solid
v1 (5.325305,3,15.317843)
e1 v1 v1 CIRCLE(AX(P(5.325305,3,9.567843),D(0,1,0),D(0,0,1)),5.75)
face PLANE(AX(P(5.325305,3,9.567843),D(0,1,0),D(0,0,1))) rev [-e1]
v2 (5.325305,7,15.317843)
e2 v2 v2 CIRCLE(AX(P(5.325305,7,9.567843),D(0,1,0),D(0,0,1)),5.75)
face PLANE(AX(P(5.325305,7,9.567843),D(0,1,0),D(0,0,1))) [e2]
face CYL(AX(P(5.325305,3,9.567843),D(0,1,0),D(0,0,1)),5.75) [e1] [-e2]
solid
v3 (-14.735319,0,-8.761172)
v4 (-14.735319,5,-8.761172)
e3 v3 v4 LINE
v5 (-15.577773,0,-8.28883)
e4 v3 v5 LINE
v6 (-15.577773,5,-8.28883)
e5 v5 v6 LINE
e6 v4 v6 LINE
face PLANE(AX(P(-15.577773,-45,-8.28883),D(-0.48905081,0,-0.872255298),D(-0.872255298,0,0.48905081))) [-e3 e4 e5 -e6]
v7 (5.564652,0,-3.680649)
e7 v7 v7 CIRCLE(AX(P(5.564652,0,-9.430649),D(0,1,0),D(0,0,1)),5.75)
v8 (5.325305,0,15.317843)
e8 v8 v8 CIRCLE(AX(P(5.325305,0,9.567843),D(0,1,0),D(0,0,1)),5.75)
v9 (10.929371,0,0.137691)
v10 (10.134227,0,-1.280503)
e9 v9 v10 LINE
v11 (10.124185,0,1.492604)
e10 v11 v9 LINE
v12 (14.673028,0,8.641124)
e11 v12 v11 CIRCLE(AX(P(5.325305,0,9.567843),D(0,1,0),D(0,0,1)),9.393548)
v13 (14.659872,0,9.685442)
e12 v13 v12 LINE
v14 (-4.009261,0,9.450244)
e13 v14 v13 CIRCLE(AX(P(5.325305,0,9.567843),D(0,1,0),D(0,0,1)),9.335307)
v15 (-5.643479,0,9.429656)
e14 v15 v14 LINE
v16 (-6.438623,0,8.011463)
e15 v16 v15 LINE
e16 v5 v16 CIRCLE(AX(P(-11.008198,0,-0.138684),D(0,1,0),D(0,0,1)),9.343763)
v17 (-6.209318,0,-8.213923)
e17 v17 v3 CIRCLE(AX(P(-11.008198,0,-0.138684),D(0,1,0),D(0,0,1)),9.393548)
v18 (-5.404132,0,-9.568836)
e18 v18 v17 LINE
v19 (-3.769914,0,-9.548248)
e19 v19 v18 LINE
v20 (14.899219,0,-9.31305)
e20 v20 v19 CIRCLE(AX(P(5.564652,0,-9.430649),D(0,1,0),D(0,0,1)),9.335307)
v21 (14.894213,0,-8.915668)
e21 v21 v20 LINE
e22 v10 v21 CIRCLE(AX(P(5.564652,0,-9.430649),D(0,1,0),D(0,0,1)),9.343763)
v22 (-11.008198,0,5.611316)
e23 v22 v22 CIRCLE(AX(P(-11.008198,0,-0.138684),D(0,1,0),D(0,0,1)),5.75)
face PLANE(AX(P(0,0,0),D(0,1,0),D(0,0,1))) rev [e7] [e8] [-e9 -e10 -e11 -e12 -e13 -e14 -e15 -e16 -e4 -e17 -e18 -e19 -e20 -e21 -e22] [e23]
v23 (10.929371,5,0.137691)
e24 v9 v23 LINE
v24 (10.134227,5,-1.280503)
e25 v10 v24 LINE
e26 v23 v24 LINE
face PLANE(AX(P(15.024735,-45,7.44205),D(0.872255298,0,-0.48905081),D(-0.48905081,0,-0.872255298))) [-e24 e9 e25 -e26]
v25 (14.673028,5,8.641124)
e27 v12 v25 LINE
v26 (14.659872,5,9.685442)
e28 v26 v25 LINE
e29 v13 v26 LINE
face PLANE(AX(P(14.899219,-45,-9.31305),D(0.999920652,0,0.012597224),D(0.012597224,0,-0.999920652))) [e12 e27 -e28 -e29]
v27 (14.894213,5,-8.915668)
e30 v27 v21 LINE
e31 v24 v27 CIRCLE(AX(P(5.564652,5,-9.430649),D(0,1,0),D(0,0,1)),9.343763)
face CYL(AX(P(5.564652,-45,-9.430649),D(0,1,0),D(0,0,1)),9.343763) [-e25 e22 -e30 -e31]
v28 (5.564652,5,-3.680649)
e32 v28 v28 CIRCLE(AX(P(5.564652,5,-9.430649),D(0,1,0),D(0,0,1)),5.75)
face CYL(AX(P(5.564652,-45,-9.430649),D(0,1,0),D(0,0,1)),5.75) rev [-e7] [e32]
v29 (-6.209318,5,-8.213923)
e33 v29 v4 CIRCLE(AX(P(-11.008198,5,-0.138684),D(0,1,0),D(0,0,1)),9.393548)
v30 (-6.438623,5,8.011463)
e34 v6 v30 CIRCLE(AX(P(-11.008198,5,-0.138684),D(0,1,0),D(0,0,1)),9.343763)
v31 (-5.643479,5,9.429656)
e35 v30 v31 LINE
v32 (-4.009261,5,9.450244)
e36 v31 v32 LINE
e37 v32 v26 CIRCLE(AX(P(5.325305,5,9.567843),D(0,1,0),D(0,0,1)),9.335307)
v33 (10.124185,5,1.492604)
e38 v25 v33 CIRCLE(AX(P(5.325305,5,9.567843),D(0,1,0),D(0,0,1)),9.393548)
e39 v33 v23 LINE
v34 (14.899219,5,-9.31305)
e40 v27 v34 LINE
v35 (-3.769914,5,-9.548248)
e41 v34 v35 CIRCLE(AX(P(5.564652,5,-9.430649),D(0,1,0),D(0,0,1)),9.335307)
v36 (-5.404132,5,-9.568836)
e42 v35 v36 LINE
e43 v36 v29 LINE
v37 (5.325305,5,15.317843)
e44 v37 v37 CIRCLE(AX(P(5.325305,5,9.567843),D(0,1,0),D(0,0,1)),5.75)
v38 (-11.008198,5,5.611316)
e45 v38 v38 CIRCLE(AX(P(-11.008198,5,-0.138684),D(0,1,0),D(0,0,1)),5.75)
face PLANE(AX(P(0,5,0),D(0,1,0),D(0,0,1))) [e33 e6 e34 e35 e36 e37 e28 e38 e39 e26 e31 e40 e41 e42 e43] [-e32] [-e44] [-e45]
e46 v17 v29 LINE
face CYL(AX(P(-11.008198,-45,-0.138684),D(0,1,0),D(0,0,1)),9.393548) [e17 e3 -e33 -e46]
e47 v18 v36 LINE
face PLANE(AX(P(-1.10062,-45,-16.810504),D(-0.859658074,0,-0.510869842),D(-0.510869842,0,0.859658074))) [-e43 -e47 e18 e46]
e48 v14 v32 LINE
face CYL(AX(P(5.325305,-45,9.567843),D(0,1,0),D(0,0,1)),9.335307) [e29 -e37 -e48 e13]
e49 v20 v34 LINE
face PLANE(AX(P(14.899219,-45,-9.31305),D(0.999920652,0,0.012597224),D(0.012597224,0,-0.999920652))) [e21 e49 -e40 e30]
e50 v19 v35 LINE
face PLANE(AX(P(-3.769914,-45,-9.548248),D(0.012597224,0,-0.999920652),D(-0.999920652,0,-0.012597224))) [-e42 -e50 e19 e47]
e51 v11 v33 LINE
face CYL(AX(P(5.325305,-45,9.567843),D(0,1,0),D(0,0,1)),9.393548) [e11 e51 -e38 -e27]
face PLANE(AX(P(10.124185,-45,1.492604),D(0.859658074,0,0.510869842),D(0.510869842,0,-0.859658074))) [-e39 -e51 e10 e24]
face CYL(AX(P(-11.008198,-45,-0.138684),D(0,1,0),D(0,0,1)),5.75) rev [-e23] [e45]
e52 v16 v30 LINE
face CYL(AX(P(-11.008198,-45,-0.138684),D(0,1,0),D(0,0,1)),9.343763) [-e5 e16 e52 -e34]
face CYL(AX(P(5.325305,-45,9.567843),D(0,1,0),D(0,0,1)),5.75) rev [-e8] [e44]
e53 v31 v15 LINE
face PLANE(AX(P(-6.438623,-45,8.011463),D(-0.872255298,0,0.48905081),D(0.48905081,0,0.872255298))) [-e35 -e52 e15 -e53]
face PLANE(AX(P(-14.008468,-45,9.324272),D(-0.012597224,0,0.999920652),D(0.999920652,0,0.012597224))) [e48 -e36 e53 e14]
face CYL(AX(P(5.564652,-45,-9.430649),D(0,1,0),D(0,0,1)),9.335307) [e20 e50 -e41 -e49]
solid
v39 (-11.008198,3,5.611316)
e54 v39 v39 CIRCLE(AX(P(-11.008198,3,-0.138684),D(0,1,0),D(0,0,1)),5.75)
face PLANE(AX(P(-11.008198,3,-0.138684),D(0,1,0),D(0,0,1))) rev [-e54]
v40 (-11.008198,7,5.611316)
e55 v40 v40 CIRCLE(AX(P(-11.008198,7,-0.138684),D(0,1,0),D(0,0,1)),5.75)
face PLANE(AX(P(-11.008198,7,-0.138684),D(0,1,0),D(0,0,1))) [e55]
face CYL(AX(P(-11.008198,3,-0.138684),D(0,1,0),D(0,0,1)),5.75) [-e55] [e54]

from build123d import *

# Parameters (mm, degrees)
SKETCH5_R                  = 30
BOSS_EXTRUDE1_DEPTH        = 5
SKETCH6_R                  = 5.75
CUT_EXTRUDE1_DEPTH         = 50
CUT_EXTRUDE_THIN1_DEPTH    = 50
BOSS_EXTRUDE2_DEPTH        = 2
BOSS_EXTRUDE2_DEPTH_BACK   = 2
SKETCH10_R                 = 5.75
BOSS_EXTRUDE2_2_DEPTH      = 2
BOSS_EXTRUDE2_2_DEPTH_BACK = 2


with BuildPart() as part:
    # Sketch5 → Boss-Extrude1 (new body)
    with BuildSketch(Plane(origin=(0, 0, 0), x_dir=(1, 0, 0), z_dir=(0, 1, 0))):
        with Locations(Location((0, 0, 0), (0, 0, 270))):
            Circle(SKETCH5_R)
    extrude(amount=BOSS_EXTRUDE1_DEPTH)

    # Sketch6 → Cut-Extrude1 (cut)
    with BuildSketch(Plane(origin=(0, 5, 0), x_dir=(1, 0, 0), z_dir=(0, 1, 0))):
        with Locations(Location((5.564652455, 9.430649132, 0), (0, 0, 270))):
            Circle(SKETCH6_R)
        with Locations(Location((5.325305202, -9.567843252, 0), (0, 0, 270))):
            Circle(SKETCH6_R)
        with Locations(Location((-11.00819821, 0.138683741, 0), (0, 0, 270))):
            Circle(SKETCH6_R)
    extrude(amount=-CUT_EXTRUDE1_DEPTH, mode=Mode.SUBTRACT)

    # Sketch9 → Cut-Extrude-Thin1 (cut)
    with BuildSketch(Plane(origin=(0, 5, 0), x_dir=(1, 0, 0), z_dir=(0, 1, 0))):
        with BuildLine():
            ThreePointArc((-3.76991423, 9.548248089), (5.682251411, 18.765215817), (14.899219139, 9.313050176))
            Line((14.899219139, 9.313050176), (14.659871887, -9.685442209))
            ThreePointArc((14.659871887, -9.685442209), (5.207706246, -18.902409937), (-4.009261482, -9.450244295))
            Line((-4.009261482, -9.450244295), (-14.008468, -9.324272058))
            ThreePointArc((-14.008468, -9.324272058), (5.081734008, -28.901616455), (24.659078405, -9.811414447))
            Line((24.659078405, -9.811414447), (24.898425657, 9.187077938))
            ThreePointArc((24.898425657, 9.187077938), (5.808223649, 28.764422335), (-13.769120748, 9.674220327))
            Line((-13.769120748, 9.674220327), (-3.76991423, 9.548248089))
        make_face()
        with BuildLine():
            ThreePointArc((10.124185438, -1.49260411), (13.400544345, -14.366723488), (0.526424967, -17.643082394))
            Line((0.526424967, -17.643082394), (-15.807078446, -7.936555401))
            ThreePointArc((-15.807078446, -7.936555401), (-19.083437352, 4.937563977), (-6.209317974, 8.213922883))
            Line((-6.209317974, 8.213922883), (-1.100619557, 16.810503626))
            ThreePointArc((-1.100619557, 16.810503626), (-27.680018096, 10.046262394), (-20.915776863, -16.533136145))
            Line((-20.915776863, -16.533136145), (-4.582273451, -26.239663138))
            ThreePointArc((-4.582273451, -26.239663138), (21.997125088, -19.475421905), (15.232883856, 7.103976633))
            Line((15.232883856, 7.103976633), (10.124185438, -1.49260411))
        make_face()
        with BuildLine():
            ThreePointArc((-6.438623457, -8.011462842), (-19.158344793, -4.430891012), (-15.577772963, 8.288830324))
            Line((-15.577772963, 8.288830324), (0.995077701, 17.580795716))
            ThreePointArc((0.995077701, 17.580795716), (13.714799038, 14.000223886), (10.134227208, 1.280502549))
            Line((10.134227208, 1.280502549), (15.024735309, -7.442050432))
            ThreePointArc((15.024735309, -7.442050432), (22.437352019, 18.890731987), (-3.8954304, 26.303348697))
            Line((-3.8954304, 26.303348697), (-20.468281064, 17.011383305))
            ThreePointArc((-20.468281064, 17.011383305), (-27.880897775, -9.321399113), (-1.548115356, -16.734015824))
            Line((-1.548115356, -16.734015824), (-6.438623457, -8.011462842))
        make_face()
    extrude(amount=-CUT_EXTRUDE_THIN1_DEPTH, mode=Mode.SUBTRACT)


with BuildPart() as cut_extrude_thin1_kept_piece:
    # of the separate pieces the step leaves, the one the design keeps (cut_extrude_thin1_pieces_kept)
    add(part.part.solids().sort_by_distance((-4.009261482, 0, 9.450244295))[0])


with BuildPart() as body_2:
    # Sketch10 → Boss-Extrude2 (new, two sides: drawn at the far end of the back side and taken through both)
    with BuildSketch(Plane(origin=(0, 5, 0), x_dir=(1, 0, 0), z_dir=(0, 1, 0)).offset(-BOSS_EXTRUDE2_DEPTH_BACK)):
        with Locations(Location((5.325305202, -9.567843252, 0), (0, 0, 270))):
            Circle(SKETCH10_R)
    extrude(amount=BOSS_EXTRUDE2_DEPTH + BOSS_EXTRUDE2_DEPTH_BACK)


with BuildPart() as body_3:
    # Sketch10 → Boss-Extrude2 2 (new, two sides: drawn at the far end of the back side and taken through both)
    with BuildSketch(Plane(origin=(0, 5, 0), x_dir=(1, 0, 0), z_dir=(0, 1, 0)).offset(-BOSS_EXTRUDE2_2_DEPTH_BACK)):
        with Locations(Location((-11.00819821, 0.138683741, 0), (0, 0, 270))):
            Circle(SKETCH10_R)
    extrude(amount=BOSS_EXTRUDE2_2_DEPTH + BOSS_EXTRUDE2_2_DEPTH_BACK)


solid = Compound([cut_extrude_thin1_kept_piece.part, body_2.part, body_3.part])
